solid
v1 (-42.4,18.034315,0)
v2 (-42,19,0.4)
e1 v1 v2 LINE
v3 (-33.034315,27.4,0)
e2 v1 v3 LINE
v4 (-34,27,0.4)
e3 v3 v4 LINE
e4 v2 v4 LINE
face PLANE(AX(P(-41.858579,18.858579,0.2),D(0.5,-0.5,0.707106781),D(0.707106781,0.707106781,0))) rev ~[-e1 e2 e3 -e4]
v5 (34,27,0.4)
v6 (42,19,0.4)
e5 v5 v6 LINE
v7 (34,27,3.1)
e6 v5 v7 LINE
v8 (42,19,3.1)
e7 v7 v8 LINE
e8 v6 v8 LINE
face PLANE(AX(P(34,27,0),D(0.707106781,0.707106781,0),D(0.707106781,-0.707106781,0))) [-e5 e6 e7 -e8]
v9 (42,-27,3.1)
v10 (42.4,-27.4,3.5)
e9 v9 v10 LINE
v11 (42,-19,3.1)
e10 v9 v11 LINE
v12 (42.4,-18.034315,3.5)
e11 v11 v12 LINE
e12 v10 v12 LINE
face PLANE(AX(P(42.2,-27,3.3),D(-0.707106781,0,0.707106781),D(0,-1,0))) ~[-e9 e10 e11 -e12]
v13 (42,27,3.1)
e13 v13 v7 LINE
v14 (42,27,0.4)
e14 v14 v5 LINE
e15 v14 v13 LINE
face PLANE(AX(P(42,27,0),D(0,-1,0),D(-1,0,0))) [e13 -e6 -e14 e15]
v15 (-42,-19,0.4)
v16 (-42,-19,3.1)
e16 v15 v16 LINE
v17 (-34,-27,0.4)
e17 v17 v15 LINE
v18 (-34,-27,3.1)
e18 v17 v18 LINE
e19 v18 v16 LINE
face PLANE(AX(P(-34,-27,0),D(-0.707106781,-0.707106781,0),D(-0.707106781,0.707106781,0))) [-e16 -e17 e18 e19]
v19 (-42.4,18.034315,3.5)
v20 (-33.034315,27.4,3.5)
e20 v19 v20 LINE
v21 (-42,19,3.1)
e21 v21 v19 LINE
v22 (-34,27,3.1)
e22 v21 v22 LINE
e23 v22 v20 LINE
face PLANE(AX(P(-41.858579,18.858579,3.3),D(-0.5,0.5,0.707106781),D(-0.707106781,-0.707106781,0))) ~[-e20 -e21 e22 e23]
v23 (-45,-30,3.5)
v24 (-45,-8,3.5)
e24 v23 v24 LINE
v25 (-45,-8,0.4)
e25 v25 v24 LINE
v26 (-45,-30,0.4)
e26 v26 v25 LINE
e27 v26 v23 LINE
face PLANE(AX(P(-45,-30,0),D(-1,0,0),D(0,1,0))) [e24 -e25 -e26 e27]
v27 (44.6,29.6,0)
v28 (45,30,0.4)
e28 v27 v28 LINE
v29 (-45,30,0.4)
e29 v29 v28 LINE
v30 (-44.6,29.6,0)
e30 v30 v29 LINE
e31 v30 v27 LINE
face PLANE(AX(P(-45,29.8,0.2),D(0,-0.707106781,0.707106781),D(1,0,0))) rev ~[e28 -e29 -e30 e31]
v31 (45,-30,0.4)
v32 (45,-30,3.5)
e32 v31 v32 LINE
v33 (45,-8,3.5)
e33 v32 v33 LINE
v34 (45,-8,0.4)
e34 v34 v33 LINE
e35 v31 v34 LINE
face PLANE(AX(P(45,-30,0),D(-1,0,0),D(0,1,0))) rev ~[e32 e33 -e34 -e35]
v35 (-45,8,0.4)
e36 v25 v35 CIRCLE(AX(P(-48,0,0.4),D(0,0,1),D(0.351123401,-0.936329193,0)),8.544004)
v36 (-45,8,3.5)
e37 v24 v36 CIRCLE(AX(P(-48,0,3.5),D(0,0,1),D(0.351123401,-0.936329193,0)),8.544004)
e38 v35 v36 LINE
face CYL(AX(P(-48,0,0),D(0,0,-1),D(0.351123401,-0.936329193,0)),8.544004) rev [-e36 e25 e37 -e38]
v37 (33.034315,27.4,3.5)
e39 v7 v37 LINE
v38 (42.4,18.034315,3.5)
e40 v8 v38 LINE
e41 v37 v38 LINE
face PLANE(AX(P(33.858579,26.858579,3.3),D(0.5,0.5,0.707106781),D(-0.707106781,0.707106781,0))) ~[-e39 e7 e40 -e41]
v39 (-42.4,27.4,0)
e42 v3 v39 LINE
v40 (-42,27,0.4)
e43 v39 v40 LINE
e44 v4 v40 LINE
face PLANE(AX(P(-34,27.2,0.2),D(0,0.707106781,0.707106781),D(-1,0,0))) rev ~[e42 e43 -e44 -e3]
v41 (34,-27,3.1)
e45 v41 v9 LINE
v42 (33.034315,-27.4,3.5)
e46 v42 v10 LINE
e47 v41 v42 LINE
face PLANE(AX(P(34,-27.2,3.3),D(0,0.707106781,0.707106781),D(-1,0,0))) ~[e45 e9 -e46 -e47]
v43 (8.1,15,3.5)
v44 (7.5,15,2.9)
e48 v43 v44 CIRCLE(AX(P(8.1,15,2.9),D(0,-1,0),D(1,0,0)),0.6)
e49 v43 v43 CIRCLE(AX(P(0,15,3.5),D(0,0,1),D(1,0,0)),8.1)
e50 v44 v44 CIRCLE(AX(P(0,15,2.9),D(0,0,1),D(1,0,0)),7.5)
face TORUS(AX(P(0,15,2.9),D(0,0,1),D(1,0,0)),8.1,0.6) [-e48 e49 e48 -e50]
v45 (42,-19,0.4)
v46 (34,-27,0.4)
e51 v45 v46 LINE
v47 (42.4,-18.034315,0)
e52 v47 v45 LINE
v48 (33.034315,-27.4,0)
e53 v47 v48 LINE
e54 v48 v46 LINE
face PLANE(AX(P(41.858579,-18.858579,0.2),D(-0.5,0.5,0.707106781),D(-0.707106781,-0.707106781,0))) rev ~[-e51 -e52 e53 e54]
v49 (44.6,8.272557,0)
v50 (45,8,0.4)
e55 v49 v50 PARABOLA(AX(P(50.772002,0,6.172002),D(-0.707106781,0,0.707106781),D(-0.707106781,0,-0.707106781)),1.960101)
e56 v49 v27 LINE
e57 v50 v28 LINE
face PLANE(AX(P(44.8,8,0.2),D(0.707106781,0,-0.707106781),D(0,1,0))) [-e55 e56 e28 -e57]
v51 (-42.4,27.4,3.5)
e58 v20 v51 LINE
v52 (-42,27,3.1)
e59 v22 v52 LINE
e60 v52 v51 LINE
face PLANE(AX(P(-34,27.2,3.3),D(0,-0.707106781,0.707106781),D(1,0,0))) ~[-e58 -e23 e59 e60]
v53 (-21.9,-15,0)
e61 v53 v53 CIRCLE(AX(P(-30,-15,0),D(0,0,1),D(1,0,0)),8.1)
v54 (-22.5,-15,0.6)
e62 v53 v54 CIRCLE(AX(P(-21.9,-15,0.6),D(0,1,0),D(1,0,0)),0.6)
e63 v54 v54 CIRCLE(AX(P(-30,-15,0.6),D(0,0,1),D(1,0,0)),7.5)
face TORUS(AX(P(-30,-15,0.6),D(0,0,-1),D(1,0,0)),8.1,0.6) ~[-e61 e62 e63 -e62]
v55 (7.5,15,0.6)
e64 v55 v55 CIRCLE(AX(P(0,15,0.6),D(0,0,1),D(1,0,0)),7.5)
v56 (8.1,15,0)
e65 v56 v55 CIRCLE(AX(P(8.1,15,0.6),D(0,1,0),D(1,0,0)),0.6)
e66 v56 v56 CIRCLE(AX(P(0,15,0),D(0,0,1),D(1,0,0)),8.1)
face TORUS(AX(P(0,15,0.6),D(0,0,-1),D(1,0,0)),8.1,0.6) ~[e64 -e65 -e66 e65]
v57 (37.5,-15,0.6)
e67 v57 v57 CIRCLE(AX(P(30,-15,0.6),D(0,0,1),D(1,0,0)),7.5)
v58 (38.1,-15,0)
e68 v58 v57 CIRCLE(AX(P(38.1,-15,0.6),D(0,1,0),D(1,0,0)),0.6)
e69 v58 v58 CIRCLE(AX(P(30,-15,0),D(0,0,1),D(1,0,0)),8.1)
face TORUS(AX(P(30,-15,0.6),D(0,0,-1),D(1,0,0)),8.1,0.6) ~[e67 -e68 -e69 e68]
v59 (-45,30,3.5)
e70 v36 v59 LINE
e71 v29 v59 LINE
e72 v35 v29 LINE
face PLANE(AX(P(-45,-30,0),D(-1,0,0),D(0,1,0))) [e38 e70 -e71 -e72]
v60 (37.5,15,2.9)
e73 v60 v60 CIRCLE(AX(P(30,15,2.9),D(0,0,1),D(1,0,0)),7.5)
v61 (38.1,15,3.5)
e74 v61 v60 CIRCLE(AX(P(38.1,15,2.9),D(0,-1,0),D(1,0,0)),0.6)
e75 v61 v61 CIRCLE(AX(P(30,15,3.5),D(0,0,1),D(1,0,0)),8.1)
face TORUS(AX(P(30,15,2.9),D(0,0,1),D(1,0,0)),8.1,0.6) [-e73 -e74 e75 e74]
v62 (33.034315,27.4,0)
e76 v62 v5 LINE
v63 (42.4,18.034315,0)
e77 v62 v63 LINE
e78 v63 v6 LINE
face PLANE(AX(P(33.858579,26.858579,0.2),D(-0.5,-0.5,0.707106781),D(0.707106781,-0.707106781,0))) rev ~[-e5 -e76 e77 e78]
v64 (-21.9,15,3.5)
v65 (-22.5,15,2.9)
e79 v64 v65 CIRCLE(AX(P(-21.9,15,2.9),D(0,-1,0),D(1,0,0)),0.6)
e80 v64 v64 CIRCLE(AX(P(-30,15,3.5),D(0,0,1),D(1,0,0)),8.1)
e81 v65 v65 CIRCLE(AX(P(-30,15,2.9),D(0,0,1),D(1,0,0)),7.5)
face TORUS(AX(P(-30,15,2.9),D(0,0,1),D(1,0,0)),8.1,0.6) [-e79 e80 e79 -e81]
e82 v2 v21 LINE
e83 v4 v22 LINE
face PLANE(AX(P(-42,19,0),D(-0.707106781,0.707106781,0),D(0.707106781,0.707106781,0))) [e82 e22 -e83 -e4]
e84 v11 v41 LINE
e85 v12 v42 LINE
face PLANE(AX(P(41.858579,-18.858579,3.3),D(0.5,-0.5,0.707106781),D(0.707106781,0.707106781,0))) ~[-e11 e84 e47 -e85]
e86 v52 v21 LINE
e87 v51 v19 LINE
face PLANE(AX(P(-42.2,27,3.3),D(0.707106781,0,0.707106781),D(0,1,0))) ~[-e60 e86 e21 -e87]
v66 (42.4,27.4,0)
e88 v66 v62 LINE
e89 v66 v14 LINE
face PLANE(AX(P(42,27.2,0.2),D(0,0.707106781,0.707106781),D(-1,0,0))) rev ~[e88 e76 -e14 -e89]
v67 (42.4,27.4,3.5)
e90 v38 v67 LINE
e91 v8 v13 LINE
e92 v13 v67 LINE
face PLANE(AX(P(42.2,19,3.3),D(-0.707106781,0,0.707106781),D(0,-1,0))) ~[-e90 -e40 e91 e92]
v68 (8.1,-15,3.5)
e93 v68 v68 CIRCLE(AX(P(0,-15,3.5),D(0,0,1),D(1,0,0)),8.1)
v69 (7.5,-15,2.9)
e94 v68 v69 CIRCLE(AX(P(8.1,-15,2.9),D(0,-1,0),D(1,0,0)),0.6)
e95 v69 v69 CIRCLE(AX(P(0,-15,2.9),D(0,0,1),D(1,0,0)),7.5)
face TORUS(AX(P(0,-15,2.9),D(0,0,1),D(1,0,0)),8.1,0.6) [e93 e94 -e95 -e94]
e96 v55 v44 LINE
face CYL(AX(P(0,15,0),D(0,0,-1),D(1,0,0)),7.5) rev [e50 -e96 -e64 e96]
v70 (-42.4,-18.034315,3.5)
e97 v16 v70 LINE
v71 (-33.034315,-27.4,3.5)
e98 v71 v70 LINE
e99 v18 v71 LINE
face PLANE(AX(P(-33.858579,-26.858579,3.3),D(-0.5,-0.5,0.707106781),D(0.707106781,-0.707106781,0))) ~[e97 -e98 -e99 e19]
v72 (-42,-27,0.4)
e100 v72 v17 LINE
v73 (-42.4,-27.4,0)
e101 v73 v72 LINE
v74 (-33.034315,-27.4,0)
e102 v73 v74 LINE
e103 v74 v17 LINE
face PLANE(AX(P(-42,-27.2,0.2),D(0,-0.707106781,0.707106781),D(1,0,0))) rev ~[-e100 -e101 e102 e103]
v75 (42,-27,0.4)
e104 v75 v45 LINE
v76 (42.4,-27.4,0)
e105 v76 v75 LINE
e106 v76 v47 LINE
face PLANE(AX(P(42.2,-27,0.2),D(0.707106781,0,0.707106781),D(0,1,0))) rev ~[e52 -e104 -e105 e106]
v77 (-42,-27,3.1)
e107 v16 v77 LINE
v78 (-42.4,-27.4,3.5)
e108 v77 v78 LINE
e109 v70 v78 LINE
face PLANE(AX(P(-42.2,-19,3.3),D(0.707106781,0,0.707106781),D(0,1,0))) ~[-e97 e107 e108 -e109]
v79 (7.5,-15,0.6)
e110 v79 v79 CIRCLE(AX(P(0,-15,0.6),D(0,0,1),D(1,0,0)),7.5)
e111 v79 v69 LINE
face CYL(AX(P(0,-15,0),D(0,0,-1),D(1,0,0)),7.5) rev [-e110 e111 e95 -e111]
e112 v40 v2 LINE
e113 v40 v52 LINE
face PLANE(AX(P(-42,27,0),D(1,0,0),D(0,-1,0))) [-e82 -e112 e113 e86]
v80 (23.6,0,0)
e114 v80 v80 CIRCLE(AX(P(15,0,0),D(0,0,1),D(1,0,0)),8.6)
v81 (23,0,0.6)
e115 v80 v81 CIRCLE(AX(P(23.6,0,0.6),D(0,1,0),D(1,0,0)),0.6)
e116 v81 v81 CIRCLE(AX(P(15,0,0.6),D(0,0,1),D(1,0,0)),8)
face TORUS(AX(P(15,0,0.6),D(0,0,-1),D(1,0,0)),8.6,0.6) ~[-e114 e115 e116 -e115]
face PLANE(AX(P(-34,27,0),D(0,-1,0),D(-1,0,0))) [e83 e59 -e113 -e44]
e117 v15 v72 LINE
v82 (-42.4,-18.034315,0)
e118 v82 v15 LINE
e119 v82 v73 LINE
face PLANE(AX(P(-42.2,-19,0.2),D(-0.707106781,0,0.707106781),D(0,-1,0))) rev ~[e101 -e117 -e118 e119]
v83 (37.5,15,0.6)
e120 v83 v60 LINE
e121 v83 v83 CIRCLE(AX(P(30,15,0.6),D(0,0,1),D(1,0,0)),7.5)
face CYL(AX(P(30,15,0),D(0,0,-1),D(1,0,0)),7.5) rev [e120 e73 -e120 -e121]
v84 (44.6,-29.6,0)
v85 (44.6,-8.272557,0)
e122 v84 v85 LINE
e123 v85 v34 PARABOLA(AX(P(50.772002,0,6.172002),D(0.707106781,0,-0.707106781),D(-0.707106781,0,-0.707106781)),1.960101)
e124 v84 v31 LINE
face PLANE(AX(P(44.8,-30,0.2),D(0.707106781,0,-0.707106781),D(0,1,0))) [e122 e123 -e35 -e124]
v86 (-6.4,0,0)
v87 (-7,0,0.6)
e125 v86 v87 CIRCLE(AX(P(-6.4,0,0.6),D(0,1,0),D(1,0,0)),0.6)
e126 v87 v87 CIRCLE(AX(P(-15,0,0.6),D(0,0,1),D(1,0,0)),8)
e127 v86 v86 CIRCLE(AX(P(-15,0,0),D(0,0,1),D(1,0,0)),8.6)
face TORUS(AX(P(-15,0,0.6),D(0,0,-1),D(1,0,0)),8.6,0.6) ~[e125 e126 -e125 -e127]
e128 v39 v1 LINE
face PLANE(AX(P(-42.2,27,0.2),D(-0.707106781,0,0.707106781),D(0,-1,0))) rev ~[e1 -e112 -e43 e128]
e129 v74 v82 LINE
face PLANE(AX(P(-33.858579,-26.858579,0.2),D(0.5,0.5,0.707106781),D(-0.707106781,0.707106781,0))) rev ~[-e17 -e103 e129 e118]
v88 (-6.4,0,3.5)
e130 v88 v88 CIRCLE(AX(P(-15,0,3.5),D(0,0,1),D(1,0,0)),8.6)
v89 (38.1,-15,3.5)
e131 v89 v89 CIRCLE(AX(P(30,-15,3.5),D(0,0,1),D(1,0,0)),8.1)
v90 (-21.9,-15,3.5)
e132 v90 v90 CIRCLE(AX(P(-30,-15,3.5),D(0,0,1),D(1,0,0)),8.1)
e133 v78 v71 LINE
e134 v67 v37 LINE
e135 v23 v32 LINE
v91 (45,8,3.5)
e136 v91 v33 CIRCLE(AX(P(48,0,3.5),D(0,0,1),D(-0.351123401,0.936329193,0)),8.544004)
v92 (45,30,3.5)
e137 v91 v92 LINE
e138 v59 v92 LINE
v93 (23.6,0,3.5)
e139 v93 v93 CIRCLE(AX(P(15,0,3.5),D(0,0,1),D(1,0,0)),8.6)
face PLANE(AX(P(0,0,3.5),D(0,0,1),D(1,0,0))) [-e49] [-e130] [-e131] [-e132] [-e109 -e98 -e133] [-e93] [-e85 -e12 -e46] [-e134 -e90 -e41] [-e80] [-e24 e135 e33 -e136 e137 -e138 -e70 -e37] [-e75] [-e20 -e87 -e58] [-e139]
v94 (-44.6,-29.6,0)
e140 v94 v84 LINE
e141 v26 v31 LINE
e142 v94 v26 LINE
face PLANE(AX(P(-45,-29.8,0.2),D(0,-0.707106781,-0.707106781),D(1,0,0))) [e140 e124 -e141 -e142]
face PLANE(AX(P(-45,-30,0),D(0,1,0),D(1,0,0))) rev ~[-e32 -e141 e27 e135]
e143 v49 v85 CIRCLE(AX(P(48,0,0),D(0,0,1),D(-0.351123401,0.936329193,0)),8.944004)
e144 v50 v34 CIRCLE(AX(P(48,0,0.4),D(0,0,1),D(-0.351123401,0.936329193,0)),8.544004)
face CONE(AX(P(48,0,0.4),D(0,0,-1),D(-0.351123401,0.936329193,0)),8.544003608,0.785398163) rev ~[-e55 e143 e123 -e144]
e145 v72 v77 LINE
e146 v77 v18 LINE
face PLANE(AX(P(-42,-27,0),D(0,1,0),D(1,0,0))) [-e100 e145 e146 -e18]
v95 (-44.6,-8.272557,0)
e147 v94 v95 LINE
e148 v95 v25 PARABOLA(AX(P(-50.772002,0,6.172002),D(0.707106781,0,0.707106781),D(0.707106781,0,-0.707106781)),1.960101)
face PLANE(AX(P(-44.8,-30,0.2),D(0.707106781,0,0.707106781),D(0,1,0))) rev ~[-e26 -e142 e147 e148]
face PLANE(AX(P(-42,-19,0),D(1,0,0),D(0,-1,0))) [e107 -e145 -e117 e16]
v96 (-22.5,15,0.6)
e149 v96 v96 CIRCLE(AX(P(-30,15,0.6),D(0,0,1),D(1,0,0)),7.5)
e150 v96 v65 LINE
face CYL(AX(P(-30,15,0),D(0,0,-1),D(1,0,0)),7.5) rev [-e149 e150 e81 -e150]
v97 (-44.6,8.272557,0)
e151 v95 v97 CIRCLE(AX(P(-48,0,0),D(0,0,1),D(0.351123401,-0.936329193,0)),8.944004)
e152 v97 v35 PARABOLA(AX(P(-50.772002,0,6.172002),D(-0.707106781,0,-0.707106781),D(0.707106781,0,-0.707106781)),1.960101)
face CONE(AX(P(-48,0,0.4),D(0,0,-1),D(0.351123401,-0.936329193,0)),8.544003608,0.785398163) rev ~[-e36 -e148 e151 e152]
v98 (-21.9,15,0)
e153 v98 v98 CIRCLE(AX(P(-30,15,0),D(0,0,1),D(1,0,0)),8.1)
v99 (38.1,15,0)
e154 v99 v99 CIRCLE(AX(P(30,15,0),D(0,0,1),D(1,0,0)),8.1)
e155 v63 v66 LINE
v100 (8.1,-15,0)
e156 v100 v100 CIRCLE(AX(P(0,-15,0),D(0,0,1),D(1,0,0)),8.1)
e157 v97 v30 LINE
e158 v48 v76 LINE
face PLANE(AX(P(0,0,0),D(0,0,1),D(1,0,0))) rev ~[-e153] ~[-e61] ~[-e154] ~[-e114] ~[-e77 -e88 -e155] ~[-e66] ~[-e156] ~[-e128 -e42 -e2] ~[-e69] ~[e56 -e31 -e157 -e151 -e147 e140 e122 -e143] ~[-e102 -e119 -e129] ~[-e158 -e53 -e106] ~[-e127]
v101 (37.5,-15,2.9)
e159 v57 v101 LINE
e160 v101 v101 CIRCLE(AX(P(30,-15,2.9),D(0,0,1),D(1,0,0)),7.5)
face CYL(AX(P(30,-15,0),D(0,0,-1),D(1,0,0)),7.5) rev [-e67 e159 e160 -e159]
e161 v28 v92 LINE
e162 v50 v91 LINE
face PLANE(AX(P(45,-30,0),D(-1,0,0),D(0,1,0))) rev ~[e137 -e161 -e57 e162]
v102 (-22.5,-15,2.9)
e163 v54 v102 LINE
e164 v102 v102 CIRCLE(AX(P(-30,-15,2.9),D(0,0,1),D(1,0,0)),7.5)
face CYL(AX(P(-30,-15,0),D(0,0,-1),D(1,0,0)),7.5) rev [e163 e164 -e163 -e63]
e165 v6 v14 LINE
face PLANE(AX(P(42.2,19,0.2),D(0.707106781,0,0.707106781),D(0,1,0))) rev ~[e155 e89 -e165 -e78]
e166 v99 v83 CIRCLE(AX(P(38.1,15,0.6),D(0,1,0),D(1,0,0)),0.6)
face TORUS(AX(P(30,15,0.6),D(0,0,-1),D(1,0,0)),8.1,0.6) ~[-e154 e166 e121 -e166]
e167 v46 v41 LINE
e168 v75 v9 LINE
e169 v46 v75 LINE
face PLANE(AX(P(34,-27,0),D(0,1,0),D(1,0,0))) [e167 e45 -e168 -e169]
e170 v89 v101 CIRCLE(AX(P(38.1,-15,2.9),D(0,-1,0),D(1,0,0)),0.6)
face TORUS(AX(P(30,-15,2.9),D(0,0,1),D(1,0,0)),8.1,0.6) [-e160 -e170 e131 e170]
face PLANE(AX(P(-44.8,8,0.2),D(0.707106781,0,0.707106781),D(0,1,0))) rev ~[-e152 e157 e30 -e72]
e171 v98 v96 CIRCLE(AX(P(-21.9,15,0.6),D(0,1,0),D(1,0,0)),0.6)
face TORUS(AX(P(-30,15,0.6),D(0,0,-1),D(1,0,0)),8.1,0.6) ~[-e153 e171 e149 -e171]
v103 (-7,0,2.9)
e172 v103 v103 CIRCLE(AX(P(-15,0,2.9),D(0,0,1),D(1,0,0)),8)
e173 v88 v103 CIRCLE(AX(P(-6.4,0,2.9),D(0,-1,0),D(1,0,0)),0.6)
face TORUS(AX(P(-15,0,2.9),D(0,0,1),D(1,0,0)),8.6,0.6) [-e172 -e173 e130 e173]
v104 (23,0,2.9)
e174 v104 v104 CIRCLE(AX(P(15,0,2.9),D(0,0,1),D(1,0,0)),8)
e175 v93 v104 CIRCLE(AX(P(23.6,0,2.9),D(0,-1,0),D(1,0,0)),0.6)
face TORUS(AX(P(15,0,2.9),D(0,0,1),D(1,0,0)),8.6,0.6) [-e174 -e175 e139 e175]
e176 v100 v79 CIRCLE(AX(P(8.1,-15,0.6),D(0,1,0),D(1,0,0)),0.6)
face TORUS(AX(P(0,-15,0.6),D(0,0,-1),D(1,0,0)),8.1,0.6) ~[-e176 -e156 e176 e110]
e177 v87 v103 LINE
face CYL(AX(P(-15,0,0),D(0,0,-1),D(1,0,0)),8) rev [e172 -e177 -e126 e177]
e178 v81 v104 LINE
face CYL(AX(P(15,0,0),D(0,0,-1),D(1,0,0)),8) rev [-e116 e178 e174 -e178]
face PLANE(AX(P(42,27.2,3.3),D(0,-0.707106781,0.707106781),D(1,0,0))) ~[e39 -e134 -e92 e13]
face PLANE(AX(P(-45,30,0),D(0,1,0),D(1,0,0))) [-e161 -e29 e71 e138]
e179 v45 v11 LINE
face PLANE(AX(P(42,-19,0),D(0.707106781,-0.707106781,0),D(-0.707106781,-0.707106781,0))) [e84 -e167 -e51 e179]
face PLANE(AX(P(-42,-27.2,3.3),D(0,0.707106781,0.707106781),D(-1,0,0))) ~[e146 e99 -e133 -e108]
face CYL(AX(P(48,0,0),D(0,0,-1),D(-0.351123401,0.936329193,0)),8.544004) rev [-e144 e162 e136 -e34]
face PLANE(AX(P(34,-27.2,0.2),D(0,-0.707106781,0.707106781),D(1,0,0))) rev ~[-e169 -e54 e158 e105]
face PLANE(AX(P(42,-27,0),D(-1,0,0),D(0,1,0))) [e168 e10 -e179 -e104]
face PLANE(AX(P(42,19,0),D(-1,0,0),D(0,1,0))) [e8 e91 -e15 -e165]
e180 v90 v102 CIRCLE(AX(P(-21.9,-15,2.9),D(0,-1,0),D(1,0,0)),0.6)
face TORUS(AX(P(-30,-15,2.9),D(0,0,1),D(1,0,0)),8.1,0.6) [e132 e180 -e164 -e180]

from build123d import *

# Parameters (mm, degrees)
F0_W     = 90
F0_H     = 60
F1_DEPTH = 3.5
F2_R     = 7.5
F2_R_2   = 8
F3_DEPTH = 3.5
F5_DEPTH = 3.5
F7_DEPTH = 3.5
F8_R     = 0.6
F9_SIZE  = 0.4


with BuildPart() as f1:
    # F0 (on Top) → F1 (new body)
    with BuildSketch(Plane.XY):
        Rectangle(F0_W, F0_H)
    extrude(amount=F1_DEPTH)

    # F2 (on Top) → F3 (cut, through all)
    with BuildSketch(Plane.XY):
        with Locations((0, 15)):
            Circle(F2_R)
        with Locations((30, 15)):
            Circle(F2_R)
        with Locations((15, 0)):
            Circle(F2_R_2)
        with Locations((-30, 15)):
            Circle(F2_R)
        with Locations((30, -15)):
            Circle(F2_R)
        with Locations((0, -15)):
            Circle(F2_R)
        with Locations((-30, -15)):
            Circle(F2_R)
        with Locations((-15, 0)):
            Circle(F2_R_2)
    extrude(amount=F3_DEPTH, mode=Mode.SUBTRACT)

    # F4 (on Top) → F5 (cut, through all)
    with BuildSketch(Plane.XY):
        Polygon((-34, 27), (-42, 27), (-42, 19), align=None)
        Polygon((34, 27), (42, 19), (42, 27), align=None)
        Polygon((-34, -27), (-42, -19), (-42, -27), align=None)
        Polygon((42, -27), (42, -19), (34, -27), align=None)
    extrude(amount=F5_DEPTH, mode=Mode.SUBTRACT)

    # F6 (on Top) → F7 (cut, through all)
    with BuildSketch(Plane.XY):
        with BuildLine():
            Line((-45, 8), (-45, -8))
            ThreePointArc((-45, -8), (-39.455996, 0), (-45, 8))
        make_face()
        with BuildLine():
            ThreePointArc((45, 8), (39.455996, 0), (45, -8))
            Line((45, -8), (45, 8))
        make_face()
    extrude(amount=F7_DEPTH, mode=Mode.SUBTRACT)

    # F8
    f8_edges = [f1.edges().sort_by_distance(p)[0] for p in [
        (-22.5, 15, 1.75),
        (-37.5, 15, 0),
        (-37.5, 15, 3.5),
        (7.5, 15, 1.75),
        (-7.5, 15, 0),
        (-7.5, 15, 3.5),
        (37.5, 15, 1.75),
        (22.5, 15, 0),
        (22.5, 15, 3.5),
        (23, 0, 1.75),
        (7, 0, 0),
        (7, 0, 3.5),
        (-7, 0, 1.75),
        (-23, 0, 0),
        (-23, 0, 3.5),
        (-22.5, -15, 1.75),
        (-37.5, -15, 0),
        (-37.5, -15, 3.5),
        (7.5, -15, 1.75),
        (-7.5, -15, 0),
        (-7.5, -15, 3.5),
        (37.5, -15, 1.75),
        (22.5, -15, 0),
        (22.5, -15, 3.5),
    ]]
    fillet(f8_edges, radius=F8_R)

    # F9
    f9_edges = [f1.edges().sort_by_distance(p)[0] for p in [
        (-38.1, 15, 0),
        (45, 19, 0),
        (39.455996, 0, 0),
        (45, -19, 0),
        (0, -30, 0),
        (-45, -19, 0),
        (-39.455996, 0, 0),
        (-45, 19, 0),
        (0, 30, 0),
        (-38, -23, 0),
        (-38, -27, 0),
        (-42, -23, 0),
        (42, -23, 0),
        (38, -27, 0),
        (38, -23, 0),
        (-38, 27, 0),
        (-38, 23, 0),
        (-42, 23, 0),
        (38, 23, 0),
        (38, 27, 0),
        (42, 23, 0),
        (-8.1, 15, 0),
        (21.9, 15, 0),
        (6.4, 0, 0),
        (-23.6, 0, 0),
        (-38.1, -15, 0),
        (-8.1, -15, 0),
        (21.9, -15, 0),
        (-38, -23, 3.5),
        (-42, -23, 3.5),
        (-38, -27, 3.5),
        (-38, 27, 3.5),
        (-42, 23, 3.5),
        (-38, 23, 3.5),
        (38, 27, 3.5),
        (38, 23, 3.5),
        (42, 23, 3.5),
        (42, -23, 3.5),
        (38, -23, 3.5),
        (38, -27, 3.5),
    ]]
    chamfer(f9_edges, length=F9_SIZE)


solid = f1.part
